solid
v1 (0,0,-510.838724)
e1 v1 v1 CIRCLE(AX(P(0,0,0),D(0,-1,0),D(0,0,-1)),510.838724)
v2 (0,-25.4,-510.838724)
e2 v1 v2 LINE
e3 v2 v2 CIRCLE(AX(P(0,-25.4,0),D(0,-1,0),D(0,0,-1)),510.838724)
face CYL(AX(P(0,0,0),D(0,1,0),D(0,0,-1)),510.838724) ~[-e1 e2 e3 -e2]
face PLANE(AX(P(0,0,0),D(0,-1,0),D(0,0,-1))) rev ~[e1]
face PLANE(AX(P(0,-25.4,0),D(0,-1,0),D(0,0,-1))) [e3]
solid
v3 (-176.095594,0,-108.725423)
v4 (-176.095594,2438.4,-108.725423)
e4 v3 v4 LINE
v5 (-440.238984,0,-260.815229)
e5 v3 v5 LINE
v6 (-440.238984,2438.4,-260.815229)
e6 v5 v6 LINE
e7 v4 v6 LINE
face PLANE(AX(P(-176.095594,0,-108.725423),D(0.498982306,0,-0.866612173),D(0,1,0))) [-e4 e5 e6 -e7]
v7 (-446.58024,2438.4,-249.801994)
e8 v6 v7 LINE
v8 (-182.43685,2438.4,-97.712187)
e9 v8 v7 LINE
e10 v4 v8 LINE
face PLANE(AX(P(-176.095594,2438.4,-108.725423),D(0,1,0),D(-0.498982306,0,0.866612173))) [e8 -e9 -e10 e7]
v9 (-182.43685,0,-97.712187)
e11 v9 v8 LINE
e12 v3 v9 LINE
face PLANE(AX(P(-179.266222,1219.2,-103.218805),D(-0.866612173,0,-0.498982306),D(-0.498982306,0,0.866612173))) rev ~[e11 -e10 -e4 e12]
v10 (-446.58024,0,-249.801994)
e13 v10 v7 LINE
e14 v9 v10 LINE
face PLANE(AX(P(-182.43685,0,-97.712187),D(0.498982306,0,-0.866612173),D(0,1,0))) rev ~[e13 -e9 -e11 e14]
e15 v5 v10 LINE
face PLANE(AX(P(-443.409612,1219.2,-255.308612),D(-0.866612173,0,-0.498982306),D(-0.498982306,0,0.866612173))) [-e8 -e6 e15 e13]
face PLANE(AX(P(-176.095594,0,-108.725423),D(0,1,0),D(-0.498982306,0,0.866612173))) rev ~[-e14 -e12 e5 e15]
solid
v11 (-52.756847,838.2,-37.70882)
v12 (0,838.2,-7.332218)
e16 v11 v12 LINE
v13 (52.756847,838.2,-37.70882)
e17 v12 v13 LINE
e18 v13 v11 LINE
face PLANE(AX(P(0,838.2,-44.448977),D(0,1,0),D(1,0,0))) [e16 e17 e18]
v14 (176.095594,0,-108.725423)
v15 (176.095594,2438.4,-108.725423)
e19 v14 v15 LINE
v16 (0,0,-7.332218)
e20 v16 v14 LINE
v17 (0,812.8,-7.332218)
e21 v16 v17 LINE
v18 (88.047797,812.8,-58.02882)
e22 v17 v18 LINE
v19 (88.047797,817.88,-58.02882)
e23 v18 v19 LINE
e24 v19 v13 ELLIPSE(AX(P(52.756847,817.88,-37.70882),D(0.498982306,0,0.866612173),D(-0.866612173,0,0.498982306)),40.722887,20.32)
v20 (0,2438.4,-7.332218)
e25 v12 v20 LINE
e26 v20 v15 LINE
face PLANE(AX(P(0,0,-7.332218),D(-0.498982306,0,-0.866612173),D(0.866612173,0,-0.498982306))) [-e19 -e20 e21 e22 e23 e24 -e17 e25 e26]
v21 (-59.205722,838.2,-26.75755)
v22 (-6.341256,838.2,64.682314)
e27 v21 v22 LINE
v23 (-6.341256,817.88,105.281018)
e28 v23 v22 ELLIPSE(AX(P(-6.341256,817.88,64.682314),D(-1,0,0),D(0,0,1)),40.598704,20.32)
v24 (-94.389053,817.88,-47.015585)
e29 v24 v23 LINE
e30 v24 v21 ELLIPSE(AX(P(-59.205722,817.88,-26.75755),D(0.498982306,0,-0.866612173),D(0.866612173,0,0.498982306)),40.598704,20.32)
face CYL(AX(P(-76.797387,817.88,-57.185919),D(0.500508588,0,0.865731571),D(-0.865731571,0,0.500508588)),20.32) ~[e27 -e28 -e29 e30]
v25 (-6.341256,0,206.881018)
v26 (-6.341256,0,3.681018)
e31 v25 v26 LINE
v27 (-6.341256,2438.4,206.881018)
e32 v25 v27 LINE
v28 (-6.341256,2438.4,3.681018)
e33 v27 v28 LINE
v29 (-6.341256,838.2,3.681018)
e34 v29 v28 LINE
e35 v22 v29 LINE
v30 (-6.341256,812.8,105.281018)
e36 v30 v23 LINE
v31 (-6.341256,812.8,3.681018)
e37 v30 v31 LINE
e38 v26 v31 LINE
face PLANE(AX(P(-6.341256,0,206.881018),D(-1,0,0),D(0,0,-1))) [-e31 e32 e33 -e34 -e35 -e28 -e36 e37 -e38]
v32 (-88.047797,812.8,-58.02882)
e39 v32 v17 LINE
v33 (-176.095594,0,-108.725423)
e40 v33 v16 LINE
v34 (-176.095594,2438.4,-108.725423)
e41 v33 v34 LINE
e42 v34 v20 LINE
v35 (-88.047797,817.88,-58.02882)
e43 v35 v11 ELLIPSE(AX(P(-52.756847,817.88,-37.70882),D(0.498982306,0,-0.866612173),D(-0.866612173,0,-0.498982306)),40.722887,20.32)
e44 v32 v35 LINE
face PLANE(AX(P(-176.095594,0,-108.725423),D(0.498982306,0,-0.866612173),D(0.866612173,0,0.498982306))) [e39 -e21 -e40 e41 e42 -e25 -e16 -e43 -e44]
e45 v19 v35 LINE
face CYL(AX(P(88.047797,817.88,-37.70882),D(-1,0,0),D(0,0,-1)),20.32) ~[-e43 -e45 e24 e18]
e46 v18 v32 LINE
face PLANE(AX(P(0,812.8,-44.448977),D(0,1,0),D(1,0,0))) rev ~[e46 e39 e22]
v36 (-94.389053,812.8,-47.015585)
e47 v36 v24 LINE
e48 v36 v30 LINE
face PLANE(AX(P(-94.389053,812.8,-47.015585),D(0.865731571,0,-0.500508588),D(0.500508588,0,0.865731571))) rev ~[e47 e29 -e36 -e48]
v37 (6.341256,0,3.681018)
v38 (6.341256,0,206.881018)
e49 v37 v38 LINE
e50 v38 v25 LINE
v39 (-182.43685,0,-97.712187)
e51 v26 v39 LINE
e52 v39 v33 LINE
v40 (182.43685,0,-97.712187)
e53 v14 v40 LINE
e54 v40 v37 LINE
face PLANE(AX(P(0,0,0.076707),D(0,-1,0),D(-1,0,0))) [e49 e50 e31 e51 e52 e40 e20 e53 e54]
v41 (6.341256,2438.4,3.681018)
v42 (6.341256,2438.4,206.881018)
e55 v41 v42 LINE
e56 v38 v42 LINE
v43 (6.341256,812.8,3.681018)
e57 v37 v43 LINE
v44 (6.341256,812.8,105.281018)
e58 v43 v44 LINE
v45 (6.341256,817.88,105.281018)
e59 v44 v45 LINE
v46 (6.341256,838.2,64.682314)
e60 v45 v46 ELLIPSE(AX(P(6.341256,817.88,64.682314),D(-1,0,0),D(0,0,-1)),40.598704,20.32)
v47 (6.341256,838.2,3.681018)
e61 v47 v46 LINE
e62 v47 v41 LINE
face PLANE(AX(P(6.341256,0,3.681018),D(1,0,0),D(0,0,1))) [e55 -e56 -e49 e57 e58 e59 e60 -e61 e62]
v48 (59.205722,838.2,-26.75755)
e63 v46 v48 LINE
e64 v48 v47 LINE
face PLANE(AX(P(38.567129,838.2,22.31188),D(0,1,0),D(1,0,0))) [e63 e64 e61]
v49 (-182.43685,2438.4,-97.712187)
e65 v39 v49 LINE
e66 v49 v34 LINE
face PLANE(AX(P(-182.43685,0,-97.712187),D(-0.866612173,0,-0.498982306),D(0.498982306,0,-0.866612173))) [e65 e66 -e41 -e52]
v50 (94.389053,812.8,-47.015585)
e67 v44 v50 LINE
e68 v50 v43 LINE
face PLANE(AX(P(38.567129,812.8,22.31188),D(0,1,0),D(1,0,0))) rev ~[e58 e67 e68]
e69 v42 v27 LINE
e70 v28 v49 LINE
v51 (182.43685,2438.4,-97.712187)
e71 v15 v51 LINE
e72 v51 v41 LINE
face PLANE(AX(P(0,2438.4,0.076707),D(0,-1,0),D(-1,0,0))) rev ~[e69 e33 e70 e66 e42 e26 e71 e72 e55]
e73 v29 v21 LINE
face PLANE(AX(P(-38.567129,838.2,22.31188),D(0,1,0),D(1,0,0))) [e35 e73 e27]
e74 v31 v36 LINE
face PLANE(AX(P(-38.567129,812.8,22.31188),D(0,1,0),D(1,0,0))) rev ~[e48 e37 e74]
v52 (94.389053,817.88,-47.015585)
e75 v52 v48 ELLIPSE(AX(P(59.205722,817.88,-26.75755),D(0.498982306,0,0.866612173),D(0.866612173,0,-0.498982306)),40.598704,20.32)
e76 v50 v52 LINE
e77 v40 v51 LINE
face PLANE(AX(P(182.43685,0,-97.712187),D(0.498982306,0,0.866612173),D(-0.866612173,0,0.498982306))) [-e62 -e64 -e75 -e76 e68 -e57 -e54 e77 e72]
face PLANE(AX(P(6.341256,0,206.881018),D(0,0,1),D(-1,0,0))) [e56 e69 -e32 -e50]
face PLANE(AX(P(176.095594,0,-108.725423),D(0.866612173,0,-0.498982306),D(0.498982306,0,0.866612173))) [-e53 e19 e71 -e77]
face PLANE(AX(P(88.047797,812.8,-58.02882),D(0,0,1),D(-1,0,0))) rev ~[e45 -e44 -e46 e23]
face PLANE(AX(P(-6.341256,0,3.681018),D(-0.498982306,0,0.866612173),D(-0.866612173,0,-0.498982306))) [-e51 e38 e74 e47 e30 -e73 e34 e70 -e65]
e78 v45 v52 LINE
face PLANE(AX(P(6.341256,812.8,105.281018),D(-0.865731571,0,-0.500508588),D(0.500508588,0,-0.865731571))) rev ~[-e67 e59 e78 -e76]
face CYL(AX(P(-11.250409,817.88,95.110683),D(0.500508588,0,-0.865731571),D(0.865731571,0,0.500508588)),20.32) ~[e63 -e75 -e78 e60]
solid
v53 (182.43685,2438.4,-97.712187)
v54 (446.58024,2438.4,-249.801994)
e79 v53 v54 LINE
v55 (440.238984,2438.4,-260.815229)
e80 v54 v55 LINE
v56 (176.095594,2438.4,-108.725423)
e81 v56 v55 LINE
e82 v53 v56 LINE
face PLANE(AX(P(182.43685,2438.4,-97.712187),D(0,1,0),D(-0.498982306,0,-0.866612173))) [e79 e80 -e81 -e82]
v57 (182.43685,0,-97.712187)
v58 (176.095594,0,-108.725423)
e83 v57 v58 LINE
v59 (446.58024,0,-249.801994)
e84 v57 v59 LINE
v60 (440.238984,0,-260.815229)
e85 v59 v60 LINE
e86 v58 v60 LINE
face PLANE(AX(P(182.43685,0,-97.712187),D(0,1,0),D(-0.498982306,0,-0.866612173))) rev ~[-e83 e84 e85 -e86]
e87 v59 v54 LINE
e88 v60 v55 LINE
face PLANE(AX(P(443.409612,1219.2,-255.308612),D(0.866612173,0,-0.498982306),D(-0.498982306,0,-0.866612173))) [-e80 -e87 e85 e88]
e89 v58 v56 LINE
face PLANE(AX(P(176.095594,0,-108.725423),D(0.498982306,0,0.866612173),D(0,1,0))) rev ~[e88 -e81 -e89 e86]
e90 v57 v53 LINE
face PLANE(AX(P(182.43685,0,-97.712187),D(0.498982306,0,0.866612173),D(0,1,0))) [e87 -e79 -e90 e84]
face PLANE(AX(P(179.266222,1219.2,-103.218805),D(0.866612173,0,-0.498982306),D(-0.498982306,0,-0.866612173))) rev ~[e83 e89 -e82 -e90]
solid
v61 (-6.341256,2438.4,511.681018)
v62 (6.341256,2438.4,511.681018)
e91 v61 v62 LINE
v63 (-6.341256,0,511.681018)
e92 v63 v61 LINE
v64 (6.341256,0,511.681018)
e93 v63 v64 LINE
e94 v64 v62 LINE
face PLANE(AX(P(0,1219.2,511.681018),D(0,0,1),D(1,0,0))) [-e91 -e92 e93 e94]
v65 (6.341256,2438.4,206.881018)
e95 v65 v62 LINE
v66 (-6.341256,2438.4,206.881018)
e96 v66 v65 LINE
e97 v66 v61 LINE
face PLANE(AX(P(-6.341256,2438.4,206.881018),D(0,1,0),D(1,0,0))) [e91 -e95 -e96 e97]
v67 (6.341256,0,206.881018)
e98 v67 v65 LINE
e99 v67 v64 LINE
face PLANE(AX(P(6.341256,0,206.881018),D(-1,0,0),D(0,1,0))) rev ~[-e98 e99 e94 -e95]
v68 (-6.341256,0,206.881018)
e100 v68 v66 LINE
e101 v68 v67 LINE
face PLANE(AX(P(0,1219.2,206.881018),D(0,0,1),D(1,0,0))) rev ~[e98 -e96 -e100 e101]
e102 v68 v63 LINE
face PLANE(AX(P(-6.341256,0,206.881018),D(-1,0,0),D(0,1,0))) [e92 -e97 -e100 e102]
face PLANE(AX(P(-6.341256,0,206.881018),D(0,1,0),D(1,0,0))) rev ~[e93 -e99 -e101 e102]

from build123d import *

# Parameters (mm, degrees)
BOSS_EXTRUDE1_DEPTH  = 2438.4
SKETCH6_W            = 12.682512264
SKETCH6_H            = 2438.4
BOSS_EXTRUDE5_DEPTH  = 304.8
SKETCH7_W            = 12.708378748
SKETCH7_H            = 2438.4
BOSS_EXTRUDE6_DEPTH  = 304.8
SKETCH8_W            = 12.708378748
SKETCH8_H            = 2438.4
BOSS_EXTRUDE7_DEPTH  = 304.8
SKETCH9_R            = 510.838723735
BOSS_EXTRUDE9_DEPTH  = 25.4
BOSS_EXTRUDE14_START = 812.8
BOSS_EXTRUDE14_DEPTH = 25.4
FILLET1_R            = 20.32
BOSS_EXTRUDE16_START = 812.8
BOSS_EXTRUDE16_DEPTH = 25.4
FILLET2_R            = 20.32
BOSS_EXTRUDE17_START = 812.8
BOSS_EXTRUDE17_DEPTH = 25.4
FILLET3_R            = 20.32


with BuildPart() as part:
    # Sketch1 → Boss-Extrude1 (new body)
    with BuildSketch(Plane(origin=(0, 0, 0), x_dir=(1, 0, 0), z_dir=(0, 1, 0))):
        Polygon((-176.095593552, 108.725422563), (0, 7.332218), (176.095593552, 108.725422563), (182.436849684, 97.712186841), (6.341256132, -3.681017722), (6.341256132, -206.881017722), (-6.341256132, -206.881017722), (-6.341256132, -3.681017722), (-182.436849684, 97.712186841), align=None)
    extrude(amount=BOSS_EXTRUDE1_DEPTH)

    # Sketch11 → Boss-Extrude14 (add)
    with BuildSketch(Plane(origin=(0, 0, 0), x_dir=(1, 0, 0), z_dir=(0, 1, 0)).offset(BOSS_EXTRUDE14_START)):
        Polygon((0, 7.332218), (88.047796776, 58.028820281), (-88.047796776, 58.028820281), align=None)
    extrude(amount=BOSS_EXTRUDE14_DEPTH)

    # Fillet1
    fillet1_edges = [part.edges().sort_by_distance(p)[0] for p in [
        (0, 838.2, -58.028820281),
    ]]
    fillet(fillet1_edges, radius=FILLET1_R)

    # Sketch13 → Boss-Extrude16 (add)
    with BuildSketch(Plane(origin=(0, 0, 0), x_dir=(1, 0, 0), z_dir=(0, 1, 0)).offset(BOSS_EXTRUDE16_START)):
        Polygon((6.341256132, -3.681017722), (6.341256132, -105.281017722), (94.389052908, 47.01558456), align=None)
    extrude(amount=BOSS_EXTRUDE16_DEPTH)

    # Fillet2
    fillet2_edges = [part.edges().sort_by_distance(p)[0] for p in [
        (50.36515452, 838.2, 29.132716581),
    ]]
    fillet(fillet2_edges, radius=FILLET2_R)

    # Sketch14 → Boss-Extrude17 (add)
    with BuildSketch(Plane(origin=(0, 0, 0), x_dir=(1, 0, 0), z_dir=(0, 1, 0)).offset(BOSS_EXTRUDE17_START)):
        Polygon((-6.341256132, -3.681017722), (-94.389052908, 47.01558456), (-6.341256132, -105.281017722), align=None)
    extrude(amount=BOSS_EXTRUDE17_DEPTH)

    # Fillet3
    fillet3_edges = [part.edges().sort_by_distance(p)[0] for p in [
        (-50.36515452, 838.2, 29.132716581),
    ]]
    fillet(fillet3_edges, radius=FILLET3_R)


with BuildPart() as body_2:
    # Sketch6 → Boss-Extrude5 (new body)
    with BuildSketch(Plane.XY.offset(206.881017722)):
        with Locations((0, 1219.2)):
            Rectangle(SKETCH6_W, SKETCH6_H)
    extrude(amount=BOSS_EXTRUDE5_DEPTH)


with BuildPart() as body_3:
    # Sketch7 → Boss-Extrude6 (new body)
    with BuildSketch(Plane(origin=(179.266221618, 0, -103.218804702), x_dir=(-0.49898230591919734, 0, -0.8666121729929489), z_dir=(0.8666121729929489, 0, -0.49898230591919734))):
        with Locations((0, 1219.2)):
            Rectangle(SKETCH7_W, SKETCH7_H)
    extrude(amount=BOSS_EXTRUDE6_DEPTH)


with BuildPart() as body_4:
    # Sketch8 → Boss-Extrude7 (new body)
    with BuildSketch(Plane(origin=(-179.266221618, 0, -103.218804702), x_dir=(-0.49898230591919357, 0, 0.866612172992951), z_dir=(-0.8666121729929509, 0, -0.4989823059191935))):
        with Locations((0, 1219.2)):
            Rectangle(SKETCH8_W, SKETCH8_H)
    extrude(amount=BOSS_EXTRUDE7_DEPTH)


with BuildPart() as body_5:
    # Sketch9 → Boss-Extrude9 (new body)
    with BuildSketch(Plane.XZ):
        with Locations(Location((0, 0, 0), (0, 0, 270))):
            Circle(SKETCH9_R)
    extrude(amount=BOSS_EXTRUDE9_DEPTH)


solid = Compound([part.part, body_2.part, body_3.part, body_4.part, body_5.part])
